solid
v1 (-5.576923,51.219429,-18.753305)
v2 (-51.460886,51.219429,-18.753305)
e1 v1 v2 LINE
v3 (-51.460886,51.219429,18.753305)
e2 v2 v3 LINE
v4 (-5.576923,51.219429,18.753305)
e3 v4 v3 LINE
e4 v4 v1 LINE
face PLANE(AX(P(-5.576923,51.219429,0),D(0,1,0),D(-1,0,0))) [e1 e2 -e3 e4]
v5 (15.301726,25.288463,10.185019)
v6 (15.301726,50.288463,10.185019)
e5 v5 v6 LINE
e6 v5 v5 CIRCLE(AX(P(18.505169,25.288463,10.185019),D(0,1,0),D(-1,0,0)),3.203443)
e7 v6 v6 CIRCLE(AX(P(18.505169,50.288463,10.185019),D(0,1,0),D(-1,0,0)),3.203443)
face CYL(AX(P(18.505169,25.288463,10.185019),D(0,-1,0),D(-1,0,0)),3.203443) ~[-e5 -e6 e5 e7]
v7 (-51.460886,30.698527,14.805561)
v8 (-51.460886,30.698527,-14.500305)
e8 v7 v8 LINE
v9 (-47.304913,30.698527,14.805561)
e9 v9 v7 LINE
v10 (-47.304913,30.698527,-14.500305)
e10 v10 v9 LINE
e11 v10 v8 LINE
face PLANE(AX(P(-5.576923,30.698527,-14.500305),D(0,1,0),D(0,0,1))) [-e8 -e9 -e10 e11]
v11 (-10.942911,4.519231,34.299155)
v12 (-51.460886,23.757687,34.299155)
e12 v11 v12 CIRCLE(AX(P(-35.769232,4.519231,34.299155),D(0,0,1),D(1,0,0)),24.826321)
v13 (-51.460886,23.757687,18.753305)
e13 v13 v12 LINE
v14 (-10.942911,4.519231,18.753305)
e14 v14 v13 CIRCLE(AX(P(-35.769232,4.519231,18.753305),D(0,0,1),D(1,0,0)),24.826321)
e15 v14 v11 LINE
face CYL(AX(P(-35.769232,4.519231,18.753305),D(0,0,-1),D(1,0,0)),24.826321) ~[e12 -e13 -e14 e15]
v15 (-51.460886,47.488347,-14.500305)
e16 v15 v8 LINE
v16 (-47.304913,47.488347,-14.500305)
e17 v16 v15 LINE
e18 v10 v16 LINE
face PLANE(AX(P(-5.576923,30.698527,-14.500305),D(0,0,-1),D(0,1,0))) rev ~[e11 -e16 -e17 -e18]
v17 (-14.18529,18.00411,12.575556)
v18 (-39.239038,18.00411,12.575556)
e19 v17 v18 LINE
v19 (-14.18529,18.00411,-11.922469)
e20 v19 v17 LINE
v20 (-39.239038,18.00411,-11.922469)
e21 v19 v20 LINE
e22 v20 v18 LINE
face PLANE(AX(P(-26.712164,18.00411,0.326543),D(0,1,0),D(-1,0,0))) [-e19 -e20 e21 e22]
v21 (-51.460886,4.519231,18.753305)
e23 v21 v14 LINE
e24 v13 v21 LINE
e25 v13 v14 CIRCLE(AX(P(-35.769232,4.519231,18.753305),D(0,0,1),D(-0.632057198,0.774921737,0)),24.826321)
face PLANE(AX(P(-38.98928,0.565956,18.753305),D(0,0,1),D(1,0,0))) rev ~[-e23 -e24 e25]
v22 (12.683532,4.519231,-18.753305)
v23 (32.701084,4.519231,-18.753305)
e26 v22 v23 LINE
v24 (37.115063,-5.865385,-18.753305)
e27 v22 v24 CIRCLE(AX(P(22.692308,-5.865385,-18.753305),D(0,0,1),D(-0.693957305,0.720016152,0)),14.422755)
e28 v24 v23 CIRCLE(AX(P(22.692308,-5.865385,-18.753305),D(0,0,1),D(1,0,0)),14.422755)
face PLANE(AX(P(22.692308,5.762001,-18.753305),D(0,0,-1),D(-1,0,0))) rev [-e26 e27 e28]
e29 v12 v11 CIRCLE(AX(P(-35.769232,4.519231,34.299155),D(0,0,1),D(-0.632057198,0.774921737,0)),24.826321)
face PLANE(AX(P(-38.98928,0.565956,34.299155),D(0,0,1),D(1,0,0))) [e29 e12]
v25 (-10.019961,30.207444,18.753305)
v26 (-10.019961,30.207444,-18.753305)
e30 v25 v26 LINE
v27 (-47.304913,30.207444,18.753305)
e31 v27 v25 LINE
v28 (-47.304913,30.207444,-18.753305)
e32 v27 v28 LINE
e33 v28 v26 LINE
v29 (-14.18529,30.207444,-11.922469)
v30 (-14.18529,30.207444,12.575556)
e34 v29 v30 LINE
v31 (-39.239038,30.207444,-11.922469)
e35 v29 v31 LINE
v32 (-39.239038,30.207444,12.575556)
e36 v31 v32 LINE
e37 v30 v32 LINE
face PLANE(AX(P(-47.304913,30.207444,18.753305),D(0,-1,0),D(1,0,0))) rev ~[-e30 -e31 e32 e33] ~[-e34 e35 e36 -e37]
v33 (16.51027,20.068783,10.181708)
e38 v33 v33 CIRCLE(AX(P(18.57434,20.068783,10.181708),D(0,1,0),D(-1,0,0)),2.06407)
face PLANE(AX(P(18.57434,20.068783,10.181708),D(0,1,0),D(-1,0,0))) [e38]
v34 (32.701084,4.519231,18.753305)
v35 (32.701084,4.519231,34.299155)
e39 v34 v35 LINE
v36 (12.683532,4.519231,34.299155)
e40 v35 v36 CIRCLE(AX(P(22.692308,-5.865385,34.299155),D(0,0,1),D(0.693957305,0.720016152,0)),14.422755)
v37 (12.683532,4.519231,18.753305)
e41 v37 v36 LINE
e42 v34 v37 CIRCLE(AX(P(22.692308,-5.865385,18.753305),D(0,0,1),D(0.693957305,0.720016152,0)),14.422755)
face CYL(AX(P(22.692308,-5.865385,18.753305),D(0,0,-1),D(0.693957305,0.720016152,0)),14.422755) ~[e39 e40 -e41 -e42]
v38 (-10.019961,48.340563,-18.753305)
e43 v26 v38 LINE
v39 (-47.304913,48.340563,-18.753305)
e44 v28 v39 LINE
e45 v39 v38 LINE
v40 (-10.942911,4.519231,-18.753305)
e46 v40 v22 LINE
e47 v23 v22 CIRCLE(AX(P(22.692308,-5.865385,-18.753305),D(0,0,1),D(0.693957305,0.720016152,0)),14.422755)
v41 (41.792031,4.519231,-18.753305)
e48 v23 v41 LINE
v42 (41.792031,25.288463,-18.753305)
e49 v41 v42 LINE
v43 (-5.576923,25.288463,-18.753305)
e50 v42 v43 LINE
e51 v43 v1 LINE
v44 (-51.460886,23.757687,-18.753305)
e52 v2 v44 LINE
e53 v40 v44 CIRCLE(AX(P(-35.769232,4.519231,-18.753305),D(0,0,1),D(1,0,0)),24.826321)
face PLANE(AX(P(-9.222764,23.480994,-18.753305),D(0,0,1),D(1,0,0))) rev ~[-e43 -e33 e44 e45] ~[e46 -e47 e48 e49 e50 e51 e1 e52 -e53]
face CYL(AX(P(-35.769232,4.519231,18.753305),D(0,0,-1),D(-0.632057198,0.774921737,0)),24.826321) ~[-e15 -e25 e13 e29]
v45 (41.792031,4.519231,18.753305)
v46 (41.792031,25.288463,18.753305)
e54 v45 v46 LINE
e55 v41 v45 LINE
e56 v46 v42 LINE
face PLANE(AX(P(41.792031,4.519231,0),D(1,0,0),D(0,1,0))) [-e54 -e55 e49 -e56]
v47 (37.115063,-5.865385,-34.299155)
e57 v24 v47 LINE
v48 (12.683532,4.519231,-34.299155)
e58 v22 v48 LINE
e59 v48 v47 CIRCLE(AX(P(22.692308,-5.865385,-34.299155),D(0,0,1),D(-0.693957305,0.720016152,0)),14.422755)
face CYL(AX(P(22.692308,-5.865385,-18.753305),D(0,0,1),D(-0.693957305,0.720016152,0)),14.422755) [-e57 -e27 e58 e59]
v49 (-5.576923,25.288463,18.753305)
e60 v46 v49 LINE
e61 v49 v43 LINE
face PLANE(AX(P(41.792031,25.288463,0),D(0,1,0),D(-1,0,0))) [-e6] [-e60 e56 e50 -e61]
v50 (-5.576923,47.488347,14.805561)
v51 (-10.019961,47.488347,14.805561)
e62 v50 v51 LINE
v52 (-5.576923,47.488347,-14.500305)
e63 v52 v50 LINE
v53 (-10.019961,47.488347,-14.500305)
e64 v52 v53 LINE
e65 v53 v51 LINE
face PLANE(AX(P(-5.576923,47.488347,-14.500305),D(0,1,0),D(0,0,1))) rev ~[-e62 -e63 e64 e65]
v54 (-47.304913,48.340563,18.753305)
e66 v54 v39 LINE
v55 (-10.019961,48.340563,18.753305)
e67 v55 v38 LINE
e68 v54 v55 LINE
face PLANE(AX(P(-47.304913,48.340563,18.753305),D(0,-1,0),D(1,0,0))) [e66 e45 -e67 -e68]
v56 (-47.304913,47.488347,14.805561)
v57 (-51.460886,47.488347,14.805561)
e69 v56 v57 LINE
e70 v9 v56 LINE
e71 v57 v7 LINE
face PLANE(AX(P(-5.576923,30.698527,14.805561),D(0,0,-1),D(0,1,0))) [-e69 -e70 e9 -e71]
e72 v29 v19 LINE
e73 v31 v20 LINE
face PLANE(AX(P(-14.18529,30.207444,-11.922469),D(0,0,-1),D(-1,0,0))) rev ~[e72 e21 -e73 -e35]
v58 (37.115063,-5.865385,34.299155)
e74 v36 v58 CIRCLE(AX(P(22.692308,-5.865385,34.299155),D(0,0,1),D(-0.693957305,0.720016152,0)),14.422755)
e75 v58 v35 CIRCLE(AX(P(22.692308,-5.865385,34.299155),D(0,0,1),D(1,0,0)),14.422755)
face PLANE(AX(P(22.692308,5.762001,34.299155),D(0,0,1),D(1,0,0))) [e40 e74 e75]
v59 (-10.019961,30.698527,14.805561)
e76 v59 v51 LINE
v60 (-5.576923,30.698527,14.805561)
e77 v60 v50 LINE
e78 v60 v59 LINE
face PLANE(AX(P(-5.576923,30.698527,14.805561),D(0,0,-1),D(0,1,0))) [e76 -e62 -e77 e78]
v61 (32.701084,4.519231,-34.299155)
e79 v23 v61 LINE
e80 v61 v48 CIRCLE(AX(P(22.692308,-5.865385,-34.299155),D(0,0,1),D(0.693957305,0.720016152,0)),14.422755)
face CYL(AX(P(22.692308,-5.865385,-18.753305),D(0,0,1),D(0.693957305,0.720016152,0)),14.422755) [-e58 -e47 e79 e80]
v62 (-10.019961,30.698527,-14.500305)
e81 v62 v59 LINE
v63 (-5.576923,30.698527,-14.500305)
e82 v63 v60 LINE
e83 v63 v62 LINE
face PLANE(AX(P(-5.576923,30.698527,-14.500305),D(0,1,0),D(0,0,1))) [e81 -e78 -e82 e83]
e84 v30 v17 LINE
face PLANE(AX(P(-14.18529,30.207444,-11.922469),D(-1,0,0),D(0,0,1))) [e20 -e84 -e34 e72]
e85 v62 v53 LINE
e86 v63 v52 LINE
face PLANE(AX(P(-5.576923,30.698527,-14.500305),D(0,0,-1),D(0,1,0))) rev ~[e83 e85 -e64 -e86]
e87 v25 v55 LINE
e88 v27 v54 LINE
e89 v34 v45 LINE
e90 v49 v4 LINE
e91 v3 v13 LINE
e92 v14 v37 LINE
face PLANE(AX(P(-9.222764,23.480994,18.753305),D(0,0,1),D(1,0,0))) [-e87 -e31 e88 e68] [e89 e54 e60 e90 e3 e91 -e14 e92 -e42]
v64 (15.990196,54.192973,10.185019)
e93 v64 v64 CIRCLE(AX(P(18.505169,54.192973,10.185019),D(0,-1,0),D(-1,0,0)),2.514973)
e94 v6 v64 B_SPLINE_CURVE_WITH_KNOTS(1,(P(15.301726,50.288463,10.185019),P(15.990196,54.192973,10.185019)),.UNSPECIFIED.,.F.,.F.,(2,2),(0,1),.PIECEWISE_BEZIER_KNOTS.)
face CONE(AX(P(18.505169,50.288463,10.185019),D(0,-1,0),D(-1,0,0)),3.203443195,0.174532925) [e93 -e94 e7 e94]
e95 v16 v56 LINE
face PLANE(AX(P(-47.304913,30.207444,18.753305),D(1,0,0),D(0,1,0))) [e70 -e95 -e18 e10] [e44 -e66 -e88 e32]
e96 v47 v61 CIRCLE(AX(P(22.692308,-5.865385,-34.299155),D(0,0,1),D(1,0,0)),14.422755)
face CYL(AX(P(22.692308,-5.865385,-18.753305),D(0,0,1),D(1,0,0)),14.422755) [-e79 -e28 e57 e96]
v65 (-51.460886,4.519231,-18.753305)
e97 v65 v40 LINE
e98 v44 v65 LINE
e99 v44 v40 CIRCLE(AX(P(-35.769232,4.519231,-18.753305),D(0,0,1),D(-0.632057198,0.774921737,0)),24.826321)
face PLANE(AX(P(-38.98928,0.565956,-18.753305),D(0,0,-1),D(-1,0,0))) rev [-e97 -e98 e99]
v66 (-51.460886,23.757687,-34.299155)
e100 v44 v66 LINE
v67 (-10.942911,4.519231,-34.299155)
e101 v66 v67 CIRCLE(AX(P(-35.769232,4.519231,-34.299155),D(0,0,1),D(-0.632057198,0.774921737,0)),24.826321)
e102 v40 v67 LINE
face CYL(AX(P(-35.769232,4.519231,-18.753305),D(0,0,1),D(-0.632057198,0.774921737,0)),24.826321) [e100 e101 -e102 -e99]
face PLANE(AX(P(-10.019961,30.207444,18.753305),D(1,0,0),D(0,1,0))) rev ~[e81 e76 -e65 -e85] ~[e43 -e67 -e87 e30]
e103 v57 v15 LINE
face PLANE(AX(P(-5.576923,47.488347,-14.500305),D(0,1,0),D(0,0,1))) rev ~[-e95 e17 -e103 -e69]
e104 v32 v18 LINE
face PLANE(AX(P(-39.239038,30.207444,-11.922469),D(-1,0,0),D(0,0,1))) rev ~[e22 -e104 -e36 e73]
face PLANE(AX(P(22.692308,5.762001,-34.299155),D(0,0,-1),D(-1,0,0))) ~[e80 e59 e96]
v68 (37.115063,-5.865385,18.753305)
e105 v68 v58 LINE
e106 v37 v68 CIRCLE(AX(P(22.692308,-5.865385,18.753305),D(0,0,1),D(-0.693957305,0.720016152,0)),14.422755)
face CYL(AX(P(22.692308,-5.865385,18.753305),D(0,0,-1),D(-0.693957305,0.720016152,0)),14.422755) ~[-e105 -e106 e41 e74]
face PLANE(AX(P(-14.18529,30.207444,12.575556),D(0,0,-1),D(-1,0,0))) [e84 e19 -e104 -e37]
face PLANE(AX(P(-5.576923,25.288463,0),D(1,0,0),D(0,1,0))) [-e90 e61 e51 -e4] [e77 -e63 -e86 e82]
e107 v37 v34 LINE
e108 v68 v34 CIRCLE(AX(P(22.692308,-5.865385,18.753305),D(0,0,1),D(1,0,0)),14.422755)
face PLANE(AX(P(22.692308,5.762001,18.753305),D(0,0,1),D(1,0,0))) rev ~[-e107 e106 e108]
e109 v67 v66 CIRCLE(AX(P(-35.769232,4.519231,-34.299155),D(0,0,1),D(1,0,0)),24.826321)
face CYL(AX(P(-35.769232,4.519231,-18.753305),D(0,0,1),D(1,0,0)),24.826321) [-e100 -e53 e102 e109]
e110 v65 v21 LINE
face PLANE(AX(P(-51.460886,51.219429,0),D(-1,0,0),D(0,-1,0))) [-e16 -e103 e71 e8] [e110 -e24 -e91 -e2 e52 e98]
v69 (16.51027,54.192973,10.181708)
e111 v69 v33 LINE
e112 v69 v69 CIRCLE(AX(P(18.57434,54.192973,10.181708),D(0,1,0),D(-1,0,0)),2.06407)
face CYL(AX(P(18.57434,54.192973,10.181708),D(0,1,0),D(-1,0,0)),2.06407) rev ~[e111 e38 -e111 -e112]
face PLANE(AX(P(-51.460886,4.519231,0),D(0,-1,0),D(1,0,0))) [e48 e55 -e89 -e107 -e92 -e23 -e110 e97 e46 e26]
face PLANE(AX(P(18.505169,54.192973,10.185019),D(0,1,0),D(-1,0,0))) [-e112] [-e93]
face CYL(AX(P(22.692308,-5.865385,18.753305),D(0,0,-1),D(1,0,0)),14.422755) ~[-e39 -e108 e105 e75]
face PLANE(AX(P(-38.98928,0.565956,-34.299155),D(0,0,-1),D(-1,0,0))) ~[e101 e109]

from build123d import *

# Parameters (mm, degrees)
F1_DEPTH  = 18.753305
F3_DEPTH  = 15.54585
F5_W      = 37.2849525884
F5_H      = 18.1331187487
F6_DEPTH  = 53.05346
F7_W      = 16.7898200452
F7_H      = 29.3058659881
F8_DEPTH  = 55.0196293017
F9_R      = 3.2034431946
F10_DEPTH = 25
F11_R     = 3.2034431946
F13_DEPTH = 3.90451
F13_TAPER = 10
F14_W     = 25.0537479296
F14_H     = 24.4980249554
F18_DEPTH = 12.2033338994
F16_R     = 2.0640703288
F17_DEPTH = 34.12419


with BuildPart() as f1:
    # F0 (on Top) → F1 (new body, symmetric)
    with BuildSketch(Plane.XY):
        Polygon((-5.5769230239, 51.2194294688), (-51.4608863181, 51.2194294688), (-51.4608863181, 4.5192311518), (-5.5769230239, 4.5192311518), (41.7920313589, 4.5192311518), (41.7920313589, 25.2884626389), (-5.5769230239, 25.2884626389), align=None)
    extrude(amount=F1_DEPTH, both=True)

    # F2 (on face) → F3 (join)
    with BuildSketch(Plane.XY.offset(18.753305)):
        with BuildLine():
            ThreePointArc((-51.4608863181, 23.7576867202), (-46.417709158, -17.9074521958), (-10.9429109093, 4.5192311518))
            Line((-10.9429109093, 4.5192311518), (-51.4608863181, 4.5192311518))
            Line((-51.4608863181, 4.5192311518), (-51.4608863181, 23.7576867202))
        make_face()
        with BuildLine():
            Line((-51.4608863181, 4.5192311518), (-10.9429109093, 4.5192311518))
            ThreePointArc((-10.9429109093, 4.5192311518), (-25.1207540769, 26.9459144993), (-51.4608863181, 23.7576867202))
            Line((-51.4608863181, 23.7576867202), (-51.4608863181, 4.5192311518))
        make_face()
        with BuildLine():
            ThreePointArc((32.7010839123, 4.5192311518), (22.6923078299, 8.5573695546), (12.6835317475, 4.5192311518))
            Line((12.6835317475, 4.5192311518), (32.7010839123, 4.5192311518))
        make_face()
        with BuildLine():
            Line((32.7010839123, 4.5192311518), (12.6835317475, 4.5192311518))
            ThreePointArc((12.6835317475, 4.5192311518), (17.0504227911, -19.1388547133), (37.1150626747, -5.8653852902))
            ThreePointArc((37.1150626747, -5.8653852902), (35.9657772529, -0.2235002514), (32.7010839123, 4.5192311518))
        make_face()
    extrude(amount=F3_DEPTH)

    # F4: F1 across plane


with BuildPart() as f1_1:
    add(f1.part)
    add(f1.part.mirror(Plane.XY))

    # F5 (on face) → F6 (cut, through all)
    with BuildSketch(Plane.XY.offset(18.753305)):
        with Locations((-28.6624371074, 39.2740033567)):
            Rectangle(F5_W, F5_H)
    extrude(amount=-F6_DEPTH, mode=Mode.SUBTRACT)

    # F7 (on face) → F8 (cut, through all)
    with BuildSketch(Plane.YZ.offset(-5.5769230239)):
        with Locations((39.0934366733, 0.1526279375)):
            Rectangle(F7_W, F7_H)
    extrude(amount=-F8_DEPTH, mode=Mode.SUBTRACT)

    # F9 (on face) → F10 (join)
    with BuildSketch(Plane(origin=(0, 25.2884626389, 0), x_dir=(-1, 0, 0), z_dir=(0, 1, 0))):
        with Locations((-18.5051690787, 10.1850191131)):
            Circle(F9_R)
    extrude(amount=F10_DEPTH)

    # F11 (on face) → F13 (join)
    with BuildSketch(Plane(origin=(0, 50.2884626389, 0), x_dir=(-1, 0, 0), z_dir=(0, 1, 0))):
        with Locations((-18.5051690787, 10.1850191131)):
            Circle(F11_R)
    extrude(amount=F13_DEPTH, taper=F13_TAPER)

    # F14 (on face) → F18 (cut)
    with BuildSketch(Plane(origin=(0, 30.2074439824, 0), x_dir=(-1, 0, 0), z_dir=(0, 1, 0))):
        with Locations((26.7121638171, 0.3265431151)):
            Rectangle(F14_W, F14_H)
    extrude(amount=-F18_DEPTH, mode=Mode.SUBTRACT)

    # F16 (on face) → F17 (cut)
    with BuildSketch(Plane(origin=(0, 54.1929726389, 0), x_dir=(-1, 0, 0), z_dir=(0, 1, 0))):
        with Locations((-18.574340269, 10.1817082614)):
            Circle(F16_R)
    extrude(amount=-F17_DEPTH, mode=Mode.SUBTRACT)


solid = f1_1.part
